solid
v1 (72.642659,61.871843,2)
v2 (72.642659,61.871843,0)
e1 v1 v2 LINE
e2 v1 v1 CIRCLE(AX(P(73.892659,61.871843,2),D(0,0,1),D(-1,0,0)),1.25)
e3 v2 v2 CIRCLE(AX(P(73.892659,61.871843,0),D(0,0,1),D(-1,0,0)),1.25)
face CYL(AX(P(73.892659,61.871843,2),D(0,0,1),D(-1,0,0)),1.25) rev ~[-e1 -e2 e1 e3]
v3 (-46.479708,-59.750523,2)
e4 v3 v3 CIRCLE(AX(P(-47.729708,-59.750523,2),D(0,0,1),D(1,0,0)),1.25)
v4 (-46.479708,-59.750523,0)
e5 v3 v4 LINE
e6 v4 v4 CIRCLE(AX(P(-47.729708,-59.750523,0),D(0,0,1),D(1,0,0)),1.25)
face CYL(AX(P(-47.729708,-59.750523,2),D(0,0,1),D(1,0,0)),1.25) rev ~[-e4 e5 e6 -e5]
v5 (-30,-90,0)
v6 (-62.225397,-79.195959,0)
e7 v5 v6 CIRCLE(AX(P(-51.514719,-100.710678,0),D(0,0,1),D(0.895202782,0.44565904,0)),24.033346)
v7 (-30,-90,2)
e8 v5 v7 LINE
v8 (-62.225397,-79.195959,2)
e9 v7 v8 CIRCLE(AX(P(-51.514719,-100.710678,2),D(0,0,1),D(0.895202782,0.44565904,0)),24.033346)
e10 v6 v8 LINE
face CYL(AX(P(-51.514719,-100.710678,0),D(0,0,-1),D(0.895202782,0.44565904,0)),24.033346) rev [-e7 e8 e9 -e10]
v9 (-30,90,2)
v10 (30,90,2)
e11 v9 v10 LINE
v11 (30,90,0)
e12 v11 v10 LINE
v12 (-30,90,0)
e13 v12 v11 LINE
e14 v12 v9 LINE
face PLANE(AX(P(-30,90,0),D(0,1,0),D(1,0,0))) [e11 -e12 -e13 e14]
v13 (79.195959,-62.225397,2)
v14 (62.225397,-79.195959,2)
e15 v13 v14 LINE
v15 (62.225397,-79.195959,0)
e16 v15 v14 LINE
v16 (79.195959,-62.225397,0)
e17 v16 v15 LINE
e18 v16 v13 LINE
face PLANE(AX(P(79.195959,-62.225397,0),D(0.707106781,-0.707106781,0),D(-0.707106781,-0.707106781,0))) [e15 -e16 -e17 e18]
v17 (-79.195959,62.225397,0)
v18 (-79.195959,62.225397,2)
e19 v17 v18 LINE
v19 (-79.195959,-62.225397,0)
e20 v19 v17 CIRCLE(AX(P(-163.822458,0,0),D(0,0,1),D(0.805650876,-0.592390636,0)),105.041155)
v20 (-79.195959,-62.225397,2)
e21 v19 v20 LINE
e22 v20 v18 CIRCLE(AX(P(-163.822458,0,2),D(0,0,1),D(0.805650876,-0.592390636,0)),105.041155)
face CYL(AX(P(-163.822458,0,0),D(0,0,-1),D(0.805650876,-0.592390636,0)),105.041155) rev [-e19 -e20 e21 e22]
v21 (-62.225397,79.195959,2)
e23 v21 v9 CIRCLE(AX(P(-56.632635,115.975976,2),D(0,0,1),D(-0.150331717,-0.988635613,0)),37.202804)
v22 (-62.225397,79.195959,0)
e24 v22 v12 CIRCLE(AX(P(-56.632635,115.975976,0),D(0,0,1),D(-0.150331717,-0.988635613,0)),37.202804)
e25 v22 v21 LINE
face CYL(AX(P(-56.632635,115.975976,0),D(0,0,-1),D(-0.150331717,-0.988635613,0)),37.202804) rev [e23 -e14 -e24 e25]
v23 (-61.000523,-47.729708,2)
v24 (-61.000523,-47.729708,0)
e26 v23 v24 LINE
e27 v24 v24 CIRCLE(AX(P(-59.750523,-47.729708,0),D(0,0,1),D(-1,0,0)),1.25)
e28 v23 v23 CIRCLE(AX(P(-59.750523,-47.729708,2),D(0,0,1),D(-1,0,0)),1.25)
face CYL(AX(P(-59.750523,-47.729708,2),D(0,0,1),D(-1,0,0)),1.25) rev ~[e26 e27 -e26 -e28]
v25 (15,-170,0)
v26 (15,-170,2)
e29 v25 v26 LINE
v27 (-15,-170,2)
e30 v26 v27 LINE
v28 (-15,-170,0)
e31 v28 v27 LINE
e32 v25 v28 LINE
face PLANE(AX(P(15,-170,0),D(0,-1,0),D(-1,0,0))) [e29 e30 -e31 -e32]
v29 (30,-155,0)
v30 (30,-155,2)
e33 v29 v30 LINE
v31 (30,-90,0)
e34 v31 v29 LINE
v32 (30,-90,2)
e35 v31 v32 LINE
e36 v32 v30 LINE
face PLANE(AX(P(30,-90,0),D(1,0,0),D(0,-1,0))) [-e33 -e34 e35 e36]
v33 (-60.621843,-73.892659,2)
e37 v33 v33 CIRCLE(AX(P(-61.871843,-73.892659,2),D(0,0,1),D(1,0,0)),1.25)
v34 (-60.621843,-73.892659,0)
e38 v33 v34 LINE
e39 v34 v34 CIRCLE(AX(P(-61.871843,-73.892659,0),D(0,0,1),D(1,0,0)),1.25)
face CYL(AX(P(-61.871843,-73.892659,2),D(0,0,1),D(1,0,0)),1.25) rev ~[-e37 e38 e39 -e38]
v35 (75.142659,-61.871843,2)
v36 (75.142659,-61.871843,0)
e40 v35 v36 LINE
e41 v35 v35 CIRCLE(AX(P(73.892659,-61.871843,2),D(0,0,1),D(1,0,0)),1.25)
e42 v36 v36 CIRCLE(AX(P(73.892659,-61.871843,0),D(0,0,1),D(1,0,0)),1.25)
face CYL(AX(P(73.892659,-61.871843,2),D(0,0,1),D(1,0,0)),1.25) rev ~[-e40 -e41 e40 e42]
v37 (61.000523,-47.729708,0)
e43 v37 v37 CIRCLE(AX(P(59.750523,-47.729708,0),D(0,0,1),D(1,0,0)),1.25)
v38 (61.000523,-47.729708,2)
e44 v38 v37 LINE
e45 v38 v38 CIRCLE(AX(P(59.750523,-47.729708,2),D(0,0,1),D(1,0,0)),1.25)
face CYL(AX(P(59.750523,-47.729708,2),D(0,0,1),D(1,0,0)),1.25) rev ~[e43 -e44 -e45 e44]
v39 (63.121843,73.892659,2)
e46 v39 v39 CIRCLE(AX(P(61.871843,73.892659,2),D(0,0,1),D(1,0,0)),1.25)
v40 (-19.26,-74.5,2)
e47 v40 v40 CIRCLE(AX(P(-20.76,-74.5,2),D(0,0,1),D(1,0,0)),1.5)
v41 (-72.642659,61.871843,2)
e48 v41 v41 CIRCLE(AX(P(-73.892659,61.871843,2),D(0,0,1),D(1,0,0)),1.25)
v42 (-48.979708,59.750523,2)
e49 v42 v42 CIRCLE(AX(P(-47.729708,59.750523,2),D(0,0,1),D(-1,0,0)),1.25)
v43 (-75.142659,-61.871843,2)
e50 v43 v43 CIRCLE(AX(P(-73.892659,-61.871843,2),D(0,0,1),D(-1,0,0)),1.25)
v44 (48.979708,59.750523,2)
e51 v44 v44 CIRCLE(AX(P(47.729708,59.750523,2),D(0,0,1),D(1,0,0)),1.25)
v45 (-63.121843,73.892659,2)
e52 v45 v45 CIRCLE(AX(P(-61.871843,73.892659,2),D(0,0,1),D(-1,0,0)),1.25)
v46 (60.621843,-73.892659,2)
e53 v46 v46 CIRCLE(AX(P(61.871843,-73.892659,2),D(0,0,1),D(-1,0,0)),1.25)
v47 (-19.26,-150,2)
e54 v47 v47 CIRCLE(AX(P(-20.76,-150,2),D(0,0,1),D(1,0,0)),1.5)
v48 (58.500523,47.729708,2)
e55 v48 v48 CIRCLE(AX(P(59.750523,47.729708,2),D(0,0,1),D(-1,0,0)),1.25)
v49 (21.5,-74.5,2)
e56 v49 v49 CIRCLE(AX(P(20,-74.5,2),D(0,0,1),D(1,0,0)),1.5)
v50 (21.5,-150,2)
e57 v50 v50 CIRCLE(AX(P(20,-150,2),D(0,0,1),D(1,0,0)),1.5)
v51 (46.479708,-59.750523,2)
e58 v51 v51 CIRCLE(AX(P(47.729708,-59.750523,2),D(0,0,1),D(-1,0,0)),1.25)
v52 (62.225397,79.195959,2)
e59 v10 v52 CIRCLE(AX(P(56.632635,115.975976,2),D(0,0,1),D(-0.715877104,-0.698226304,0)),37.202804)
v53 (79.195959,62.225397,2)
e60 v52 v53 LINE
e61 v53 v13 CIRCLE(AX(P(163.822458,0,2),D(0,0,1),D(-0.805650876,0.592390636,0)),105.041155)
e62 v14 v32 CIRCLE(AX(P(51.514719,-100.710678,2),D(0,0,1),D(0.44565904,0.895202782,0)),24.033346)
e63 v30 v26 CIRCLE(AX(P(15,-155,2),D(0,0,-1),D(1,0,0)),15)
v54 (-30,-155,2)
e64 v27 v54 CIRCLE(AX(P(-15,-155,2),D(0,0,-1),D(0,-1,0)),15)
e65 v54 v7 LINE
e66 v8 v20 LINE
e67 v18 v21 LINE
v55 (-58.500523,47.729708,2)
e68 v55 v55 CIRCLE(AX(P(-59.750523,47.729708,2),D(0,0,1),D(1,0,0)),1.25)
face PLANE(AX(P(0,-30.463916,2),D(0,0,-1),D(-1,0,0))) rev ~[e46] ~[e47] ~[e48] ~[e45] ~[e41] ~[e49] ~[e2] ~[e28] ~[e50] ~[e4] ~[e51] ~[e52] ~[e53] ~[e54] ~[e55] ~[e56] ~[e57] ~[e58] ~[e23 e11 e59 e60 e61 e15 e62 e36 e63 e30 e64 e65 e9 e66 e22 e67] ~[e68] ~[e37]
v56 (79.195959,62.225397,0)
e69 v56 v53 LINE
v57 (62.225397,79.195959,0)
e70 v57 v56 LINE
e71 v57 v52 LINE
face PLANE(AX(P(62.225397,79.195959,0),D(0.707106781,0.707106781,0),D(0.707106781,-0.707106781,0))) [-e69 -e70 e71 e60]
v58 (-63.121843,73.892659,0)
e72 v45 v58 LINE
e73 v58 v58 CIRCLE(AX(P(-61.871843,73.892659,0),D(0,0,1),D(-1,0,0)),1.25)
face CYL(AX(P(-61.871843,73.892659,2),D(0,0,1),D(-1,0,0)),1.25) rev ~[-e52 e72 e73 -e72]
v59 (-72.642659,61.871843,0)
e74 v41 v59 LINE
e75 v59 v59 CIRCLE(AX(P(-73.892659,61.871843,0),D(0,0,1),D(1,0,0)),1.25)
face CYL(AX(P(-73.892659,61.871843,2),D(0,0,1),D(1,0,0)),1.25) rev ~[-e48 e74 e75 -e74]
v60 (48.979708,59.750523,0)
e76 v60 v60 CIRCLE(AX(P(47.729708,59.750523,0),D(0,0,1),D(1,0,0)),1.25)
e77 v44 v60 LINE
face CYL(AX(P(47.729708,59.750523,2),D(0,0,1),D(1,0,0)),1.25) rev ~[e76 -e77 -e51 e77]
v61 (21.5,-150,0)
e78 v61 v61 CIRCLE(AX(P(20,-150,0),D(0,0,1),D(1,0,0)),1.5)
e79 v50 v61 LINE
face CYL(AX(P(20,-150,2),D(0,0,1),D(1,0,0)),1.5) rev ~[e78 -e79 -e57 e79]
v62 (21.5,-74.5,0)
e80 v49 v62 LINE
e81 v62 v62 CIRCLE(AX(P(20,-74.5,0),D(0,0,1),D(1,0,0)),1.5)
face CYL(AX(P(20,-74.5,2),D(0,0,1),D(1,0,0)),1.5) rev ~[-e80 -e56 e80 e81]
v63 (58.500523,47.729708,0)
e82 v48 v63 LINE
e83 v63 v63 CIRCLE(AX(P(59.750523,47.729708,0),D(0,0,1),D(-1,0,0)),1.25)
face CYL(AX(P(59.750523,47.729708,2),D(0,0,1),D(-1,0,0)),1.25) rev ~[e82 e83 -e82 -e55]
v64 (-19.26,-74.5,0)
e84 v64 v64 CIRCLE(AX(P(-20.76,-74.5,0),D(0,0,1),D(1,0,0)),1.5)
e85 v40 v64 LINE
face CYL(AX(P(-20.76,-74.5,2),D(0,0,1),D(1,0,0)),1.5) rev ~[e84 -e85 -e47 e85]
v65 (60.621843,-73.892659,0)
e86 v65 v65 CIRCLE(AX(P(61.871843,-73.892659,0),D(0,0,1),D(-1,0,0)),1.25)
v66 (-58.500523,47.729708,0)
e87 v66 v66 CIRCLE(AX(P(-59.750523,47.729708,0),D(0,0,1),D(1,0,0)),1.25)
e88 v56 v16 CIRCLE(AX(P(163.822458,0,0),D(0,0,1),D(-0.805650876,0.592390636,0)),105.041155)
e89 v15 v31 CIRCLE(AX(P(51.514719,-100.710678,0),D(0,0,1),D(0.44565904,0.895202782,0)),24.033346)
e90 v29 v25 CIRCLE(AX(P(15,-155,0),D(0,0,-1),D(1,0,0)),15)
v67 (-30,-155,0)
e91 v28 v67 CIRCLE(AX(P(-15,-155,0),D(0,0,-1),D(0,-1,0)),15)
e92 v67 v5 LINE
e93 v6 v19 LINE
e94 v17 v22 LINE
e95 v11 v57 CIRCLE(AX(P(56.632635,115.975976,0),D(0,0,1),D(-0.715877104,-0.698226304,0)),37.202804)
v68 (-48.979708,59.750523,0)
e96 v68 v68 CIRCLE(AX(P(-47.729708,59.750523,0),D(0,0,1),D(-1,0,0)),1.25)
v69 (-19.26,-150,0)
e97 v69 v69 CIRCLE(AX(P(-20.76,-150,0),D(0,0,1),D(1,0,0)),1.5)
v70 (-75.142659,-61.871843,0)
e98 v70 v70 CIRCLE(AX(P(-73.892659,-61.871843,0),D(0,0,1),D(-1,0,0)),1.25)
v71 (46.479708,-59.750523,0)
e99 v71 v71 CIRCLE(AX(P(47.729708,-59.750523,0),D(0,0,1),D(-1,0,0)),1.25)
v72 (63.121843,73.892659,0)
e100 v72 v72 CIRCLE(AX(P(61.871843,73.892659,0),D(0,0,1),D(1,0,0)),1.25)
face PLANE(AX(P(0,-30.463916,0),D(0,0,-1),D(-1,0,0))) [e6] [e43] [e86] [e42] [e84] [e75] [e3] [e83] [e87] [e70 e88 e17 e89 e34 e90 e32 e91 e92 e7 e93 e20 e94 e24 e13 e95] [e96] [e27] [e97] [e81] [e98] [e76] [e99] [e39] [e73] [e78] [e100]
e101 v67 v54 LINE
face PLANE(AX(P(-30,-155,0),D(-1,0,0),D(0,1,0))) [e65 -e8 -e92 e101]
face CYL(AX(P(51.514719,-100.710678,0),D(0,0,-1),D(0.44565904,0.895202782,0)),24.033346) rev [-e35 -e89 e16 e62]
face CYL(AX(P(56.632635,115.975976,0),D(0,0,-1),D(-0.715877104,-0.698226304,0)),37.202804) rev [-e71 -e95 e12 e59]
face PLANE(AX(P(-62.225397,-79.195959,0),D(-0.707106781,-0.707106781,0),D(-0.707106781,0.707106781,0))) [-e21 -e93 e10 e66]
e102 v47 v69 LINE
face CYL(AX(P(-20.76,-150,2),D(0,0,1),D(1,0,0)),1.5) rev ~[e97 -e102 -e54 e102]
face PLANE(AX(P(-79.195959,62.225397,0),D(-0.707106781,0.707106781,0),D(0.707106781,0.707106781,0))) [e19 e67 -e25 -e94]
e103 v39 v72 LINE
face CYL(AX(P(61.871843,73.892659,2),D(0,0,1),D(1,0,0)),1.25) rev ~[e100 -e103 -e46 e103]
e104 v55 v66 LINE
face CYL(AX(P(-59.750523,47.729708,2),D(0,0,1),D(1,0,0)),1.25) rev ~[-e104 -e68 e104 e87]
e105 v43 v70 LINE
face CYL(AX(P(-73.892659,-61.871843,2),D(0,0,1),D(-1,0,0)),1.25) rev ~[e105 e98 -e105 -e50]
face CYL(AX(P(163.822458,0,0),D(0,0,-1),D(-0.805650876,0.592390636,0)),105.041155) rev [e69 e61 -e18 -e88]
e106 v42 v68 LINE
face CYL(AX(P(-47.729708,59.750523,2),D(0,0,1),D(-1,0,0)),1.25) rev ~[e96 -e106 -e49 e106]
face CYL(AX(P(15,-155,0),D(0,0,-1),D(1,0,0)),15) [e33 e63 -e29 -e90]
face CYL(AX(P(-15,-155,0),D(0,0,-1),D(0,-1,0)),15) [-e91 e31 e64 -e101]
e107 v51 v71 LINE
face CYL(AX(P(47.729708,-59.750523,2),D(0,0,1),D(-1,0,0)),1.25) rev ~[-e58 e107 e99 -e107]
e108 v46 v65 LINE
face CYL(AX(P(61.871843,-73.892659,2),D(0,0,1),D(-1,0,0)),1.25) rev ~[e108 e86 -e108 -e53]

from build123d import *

# Parameters (mm, degrees)
BOSS_EXTRUDE1_DEPTH = 2
SKETCH3_R           = 1.25
CUT_EXTRUDE1_DEPTH  = 188.552659272
SKETCH4_R           = 1.5
CUT_EXTRUDE2_DEPTH  = 188.552659272


with BuildPart() as part:
    # Sketch2 → Boss-Extrude1 (new body)
    with BuildSketch(Plane.XY):
        with BuildLine():
            Line((-79.195959493, 62.225396744), (-62.225396744, 79.195959493))
            ThreePointArc((-62.225396744, 79.195959493), (-44.806778225, 80.702789346), (-30, 90))
            Line((-30, 90), (30, 90))
            ThreePointArc((30, 90), (44.806778225, 80.702789346), (62.225396744, 79.195959493))
            Line((62.225396744, 79.195959493), (79.195959493, 62.225396744))
            ThreePointArc((79.195959493, 62.225396744), (58.781303002, 0), (79.195959493, -62.225396744))
            Line((79.195959493, -62.225396744), (62.225396744, -79.195959493))
            ThreePointArc((62.225396744, -79.195959493), (43.875108319, -77.923881554), (30, -90))
            Line((30, -90), (30, -155))
            ThreePointArc((30, -155), (25.606601718, -165.606601718), (15, -170))
            Line((15, -170), (-15, -170))
            ThreePointArc((-15, -170), (-25.606601718, -165.606601718), (-30, -155))
            Line((-30, -155), (-30, -90))
            ThreePointArc((-30, -90), (-43.875108319, -77.923881554), (-62.225396744, -79.195959493))
            Line((-62.225396744, -79.195959493), (-79.195959493, -62.225396744))
            ThreePointArc((-79.195959493, -62.225396744), (-58.781303002, 0), (-79.195959493, 62.225396744))
        make_face()
    extrude(amount=BOSS_EXTRUDE1_DEPTH)

    # Sketch3 → Cut-Extrude1 (cut, through all)
    with BuildSketch(Plane.XY.offset(2)):
        with Locations((-73.892658634, 61.871843354)):
            Circle(SKETCH3_R)
        with Locations((-59.75052301, 47.72970773)):
            Circle(SKETCH3_R)
        with Locations(Location((-61.871843354, 73.892658634, 0), (0, 0, 180))):
            Circle(SKETCH3_R)
        with Locations(Location((-47.72970773, 59.75052301, 0), (0, 0, 180))):
            Circle(SKETCH3_R)
        with Locations(Location((59.75052301, 47.72970773, 0), (0, 0, 180))):
            Circle(SKETCH3_R)
        with Locations(Location((73.892658634, 61.871843354, 0), (0, 0, 180))):
            Circle(SKETCH3_R)
        with Locations((61.871843354, 73.892658634)):
            Circle(SKETCH3_R)
        with Locations((47.72970773, 59.75052301)):
            Circle(SKETCH3_R)
        with Locations(Location((-59.75052301, -47.72970773, 0), (0, 0, 180))):
            Circle(SKETCH3_R)
        with Locations((-47.72970773, -59.75052301)):
            Circle(SKETCH3_R)
        with Locations((-61.871843354, -73.892658634)):
            Circle(SKETCH3_R)
        with Locations(Location((-73.892658634, -61.871843354, 0), (0, 0, 180))):
            Circle(SKETCH3_R)
        with Locations((59.75052301, -47.72970773)):
            Circle(SKETCH3_R)
        with Locations((73.892658634, -61.871843354)):
            Circle(SKETCH3_R)
        with Locations(Location((61.871843354, -73.892658634, 0), (0, 0, 180))):
            Circle(SKETCH3_R)
        with Locations(Location((47.72970773, -59.75052301, 0), (0, 0, 180))):
            Circle(SKETCH3_R)
    extrude(amount=-CUT_EXTRUDE1_DEPTH, mode=Mode.SUBTRACT)

    # Sketch4 → Cut-Extrude2 (cut, through all)
    with BuildSketch(Plane.XY.offset(2)):
        with Locations((-20.76, -150)):
            Circle(SKETCH4_R)
        with Locations((20, -150)):
            Circle(SKETCH4_R)
        with Locations((-20.76, -74.5)):
            Circle(SKETCH4_R)
        with Locations((20, -74.5)):
            Circle(SKETCH4_R)
    extrude(amount=-CUT_EXTRUDE2_DEPTH, mode=Mode.SUBTRACT)


solid = part.part
